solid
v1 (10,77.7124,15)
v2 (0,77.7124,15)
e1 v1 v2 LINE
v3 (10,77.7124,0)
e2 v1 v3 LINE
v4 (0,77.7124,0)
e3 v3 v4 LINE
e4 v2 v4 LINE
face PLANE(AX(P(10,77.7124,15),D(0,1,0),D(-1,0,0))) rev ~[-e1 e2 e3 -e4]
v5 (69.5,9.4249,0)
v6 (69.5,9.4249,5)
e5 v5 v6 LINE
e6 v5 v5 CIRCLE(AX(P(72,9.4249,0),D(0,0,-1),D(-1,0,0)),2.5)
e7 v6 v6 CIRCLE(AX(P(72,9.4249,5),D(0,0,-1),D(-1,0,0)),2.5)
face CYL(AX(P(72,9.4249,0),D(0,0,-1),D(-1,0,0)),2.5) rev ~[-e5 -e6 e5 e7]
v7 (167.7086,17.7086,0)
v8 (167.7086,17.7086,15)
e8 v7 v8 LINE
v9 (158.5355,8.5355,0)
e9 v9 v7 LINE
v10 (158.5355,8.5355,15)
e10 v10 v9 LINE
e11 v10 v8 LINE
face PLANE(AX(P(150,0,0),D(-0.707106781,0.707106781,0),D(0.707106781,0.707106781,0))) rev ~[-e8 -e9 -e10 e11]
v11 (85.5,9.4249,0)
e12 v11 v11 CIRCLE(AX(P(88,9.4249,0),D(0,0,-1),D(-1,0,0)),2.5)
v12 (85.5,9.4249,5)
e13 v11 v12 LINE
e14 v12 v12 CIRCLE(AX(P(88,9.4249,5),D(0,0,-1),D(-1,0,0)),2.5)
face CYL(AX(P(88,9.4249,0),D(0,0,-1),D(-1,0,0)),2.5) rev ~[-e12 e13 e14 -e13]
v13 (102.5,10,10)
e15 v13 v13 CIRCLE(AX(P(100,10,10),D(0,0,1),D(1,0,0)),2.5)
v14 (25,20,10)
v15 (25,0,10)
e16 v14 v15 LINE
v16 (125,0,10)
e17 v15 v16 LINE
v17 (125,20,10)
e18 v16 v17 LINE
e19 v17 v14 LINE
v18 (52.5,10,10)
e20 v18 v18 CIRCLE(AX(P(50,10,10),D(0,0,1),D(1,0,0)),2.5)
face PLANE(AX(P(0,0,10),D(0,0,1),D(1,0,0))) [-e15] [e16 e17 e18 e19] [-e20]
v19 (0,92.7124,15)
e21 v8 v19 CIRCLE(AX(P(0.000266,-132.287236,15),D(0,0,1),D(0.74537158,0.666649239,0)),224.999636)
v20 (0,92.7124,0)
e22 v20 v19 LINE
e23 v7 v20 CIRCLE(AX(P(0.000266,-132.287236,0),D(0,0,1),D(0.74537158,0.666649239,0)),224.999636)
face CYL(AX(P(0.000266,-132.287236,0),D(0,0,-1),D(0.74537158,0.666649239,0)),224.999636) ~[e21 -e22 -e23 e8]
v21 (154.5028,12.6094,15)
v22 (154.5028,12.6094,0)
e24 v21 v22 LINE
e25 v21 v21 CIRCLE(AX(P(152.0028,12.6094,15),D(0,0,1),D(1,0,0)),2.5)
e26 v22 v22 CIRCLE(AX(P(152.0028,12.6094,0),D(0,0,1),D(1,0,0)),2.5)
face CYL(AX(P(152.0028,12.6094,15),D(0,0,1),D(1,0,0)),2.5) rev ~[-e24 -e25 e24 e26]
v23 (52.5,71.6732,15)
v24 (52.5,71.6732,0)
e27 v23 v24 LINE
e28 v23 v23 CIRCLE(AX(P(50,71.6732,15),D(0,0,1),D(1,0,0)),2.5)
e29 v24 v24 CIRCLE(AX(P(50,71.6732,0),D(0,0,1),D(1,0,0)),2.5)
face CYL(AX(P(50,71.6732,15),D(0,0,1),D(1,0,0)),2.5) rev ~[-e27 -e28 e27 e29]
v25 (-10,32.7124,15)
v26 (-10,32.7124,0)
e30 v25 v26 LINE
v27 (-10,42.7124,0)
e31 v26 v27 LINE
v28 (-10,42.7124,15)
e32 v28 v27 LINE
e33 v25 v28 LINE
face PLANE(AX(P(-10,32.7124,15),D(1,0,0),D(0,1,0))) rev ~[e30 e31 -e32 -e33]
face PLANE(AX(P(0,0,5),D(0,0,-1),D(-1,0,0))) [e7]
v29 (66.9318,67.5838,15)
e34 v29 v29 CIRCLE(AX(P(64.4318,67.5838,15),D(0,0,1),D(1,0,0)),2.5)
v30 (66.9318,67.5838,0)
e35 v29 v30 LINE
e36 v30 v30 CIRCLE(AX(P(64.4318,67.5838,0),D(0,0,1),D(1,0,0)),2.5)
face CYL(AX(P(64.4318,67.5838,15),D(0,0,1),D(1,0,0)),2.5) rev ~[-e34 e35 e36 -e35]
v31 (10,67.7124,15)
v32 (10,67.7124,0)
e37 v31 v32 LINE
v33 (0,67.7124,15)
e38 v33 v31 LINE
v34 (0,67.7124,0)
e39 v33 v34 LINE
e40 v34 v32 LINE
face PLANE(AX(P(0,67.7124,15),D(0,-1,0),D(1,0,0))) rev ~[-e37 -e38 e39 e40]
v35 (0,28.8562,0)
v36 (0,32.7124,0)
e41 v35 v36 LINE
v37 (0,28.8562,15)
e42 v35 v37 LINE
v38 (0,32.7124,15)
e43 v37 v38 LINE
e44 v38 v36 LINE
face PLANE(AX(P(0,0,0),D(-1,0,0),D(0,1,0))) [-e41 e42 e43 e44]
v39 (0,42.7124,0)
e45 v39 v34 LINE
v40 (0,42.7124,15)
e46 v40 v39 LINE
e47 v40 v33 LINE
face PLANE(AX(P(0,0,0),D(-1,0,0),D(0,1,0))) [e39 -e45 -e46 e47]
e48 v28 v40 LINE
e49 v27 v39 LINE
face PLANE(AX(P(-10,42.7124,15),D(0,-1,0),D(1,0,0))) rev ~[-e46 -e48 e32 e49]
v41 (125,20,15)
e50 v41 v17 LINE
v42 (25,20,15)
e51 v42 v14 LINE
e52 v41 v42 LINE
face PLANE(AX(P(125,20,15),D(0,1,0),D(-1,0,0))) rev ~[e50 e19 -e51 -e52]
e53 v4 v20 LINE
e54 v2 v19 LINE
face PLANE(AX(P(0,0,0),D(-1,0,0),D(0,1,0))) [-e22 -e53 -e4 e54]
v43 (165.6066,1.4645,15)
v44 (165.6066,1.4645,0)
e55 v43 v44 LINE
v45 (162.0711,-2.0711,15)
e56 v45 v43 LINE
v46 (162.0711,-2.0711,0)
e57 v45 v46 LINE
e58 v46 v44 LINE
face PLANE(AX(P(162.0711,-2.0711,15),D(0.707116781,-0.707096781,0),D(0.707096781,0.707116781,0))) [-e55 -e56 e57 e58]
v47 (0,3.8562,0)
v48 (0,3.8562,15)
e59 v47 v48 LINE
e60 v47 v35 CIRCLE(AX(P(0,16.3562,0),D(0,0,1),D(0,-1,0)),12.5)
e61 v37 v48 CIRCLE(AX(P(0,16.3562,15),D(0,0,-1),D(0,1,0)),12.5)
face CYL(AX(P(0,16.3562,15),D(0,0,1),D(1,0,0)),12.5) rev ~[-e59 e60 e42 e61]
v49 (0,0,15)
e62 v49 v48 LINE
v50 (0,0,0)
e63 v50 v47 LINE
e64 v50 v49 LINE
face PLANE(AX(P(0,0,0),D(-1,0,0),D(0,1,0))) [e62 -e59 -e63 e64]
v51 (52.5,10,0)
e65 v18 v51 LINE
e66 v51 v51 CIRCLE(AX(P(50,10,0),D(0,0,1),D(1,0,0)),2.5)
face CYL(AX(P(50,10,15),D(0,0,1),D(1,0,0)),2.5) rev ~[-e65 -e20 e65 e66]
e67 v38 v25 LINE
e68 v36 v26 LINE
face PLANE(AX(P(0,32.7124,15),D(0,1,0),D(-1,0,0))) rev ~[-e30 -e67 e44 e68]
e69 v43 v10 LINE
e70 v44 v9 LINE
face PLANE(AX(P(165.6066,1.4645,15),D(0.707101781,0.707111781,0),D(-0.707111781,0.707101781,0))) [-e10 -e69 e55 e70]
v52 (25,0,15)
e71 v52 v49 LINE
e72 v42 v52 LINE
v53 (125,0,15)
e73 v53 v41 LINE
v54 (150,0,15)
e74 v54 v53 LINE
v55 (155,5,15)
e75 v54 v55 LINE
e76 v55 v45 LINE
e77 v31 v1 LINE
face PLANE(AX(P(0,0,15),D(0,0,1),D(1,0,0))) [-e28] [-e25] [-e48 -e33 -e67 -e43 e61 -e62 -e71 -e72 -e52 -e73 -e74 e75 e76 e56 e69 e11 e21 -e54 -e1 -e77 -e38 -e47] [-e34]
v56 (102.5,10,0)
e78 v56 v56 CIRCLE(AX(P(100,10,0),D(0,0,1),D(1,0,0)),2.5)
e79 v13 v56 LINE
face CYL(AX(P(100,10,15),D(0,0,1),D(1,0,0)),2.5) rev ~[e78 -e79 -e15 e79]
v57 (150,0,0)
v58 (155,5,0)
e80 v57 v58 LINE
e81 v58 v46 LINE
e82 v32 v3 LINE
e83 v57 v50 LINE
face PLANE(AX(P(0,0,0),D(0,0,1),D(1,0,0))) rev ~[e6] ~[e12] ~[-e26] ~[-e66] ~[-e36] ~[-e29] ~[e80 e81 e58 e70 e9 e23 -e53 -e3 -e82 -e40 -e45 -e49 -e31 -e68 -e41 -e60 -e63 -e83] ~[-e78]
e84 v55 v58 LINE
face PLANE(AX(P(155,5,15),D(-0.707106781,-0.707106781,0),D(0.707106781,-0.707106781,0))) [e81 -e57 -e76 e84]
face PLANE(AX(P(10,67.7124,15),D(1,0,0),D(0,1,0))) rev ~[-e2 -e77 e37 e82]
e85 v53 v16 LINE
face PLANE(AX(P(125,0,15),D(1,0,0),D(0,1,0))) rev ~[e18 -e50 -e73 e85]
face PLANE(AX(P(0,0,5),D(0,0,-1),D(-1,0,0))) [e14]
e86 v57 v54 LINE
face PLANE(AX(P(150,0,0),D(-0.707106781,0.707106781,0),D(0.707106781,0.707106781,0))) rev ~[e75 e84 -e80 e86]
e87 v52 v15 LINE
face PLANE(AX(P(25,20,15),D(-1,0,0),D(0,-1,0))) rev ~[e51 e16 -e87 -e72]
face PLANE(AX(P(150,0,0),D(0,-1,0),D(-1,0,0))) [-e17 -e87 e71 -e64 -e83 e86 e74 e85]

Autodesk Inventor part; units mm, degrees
ref_plane "YZ Plane" through (0, 0, 0) normal (1, 0, 0) x (0, 1, 0)
ref_plane "XZ Plane" through (0, 0, 0) normal (0, 1, 0) x (-1, 0, 0)
ref_plane "XY Plane" through (0, 0, 0) normal (0, 0, 1) x (1, 0, 0)
sketch "Sketch1" plane through (0, 0, 0) normal (0, 0, 1) x (1, 0, 0)
  circle A0 centre (0, -132.2876) radius 225 construction
  circle A1 centre (0, -132.2876) radius 200 construction
  line L0 (-225, -132.2876) -> (225, -132.2876) construction
  line L1 (150, -132.2876) -> (150, 35.4175) construction
  line L2 (175, -132.2876) -> (175, 9.1338) construction
  line L3 (0, 92.7124) -> (0, -357.2876) construction
  line L4 (150, 0) -> (0, 0)
  line L5 (0, 0) -> (0, 92.7124)
  line L6 (150, 0) -> (167.7086, 17.7086)
  line L7 (150, 0) -> (175.0437, 0) construction
  arc A2 (167.7086, 17.7086) -> (0, 92.7124) centre (0, -132.2876) ccw
  dimension "d0" = 450
  dimension "d1" = 25
  dimension "d2" = 75
  dimension "d3" = 25
  dimension "d4" = 45
extrude "Extrusion1" add sketch "Sketch1" along normal blind 15
sketch "Sketch2" plane through (0, 0, 15) normal (0, 0, 1) x (1, 0, 0)
  line L0 (10, 77.7124) -> (0, 77.7124)
  line L1 (0, 77.7124) -> (0, 67.7124)
  line L2 (0, 67.7124) -> (10, 67.7124)
  line L3 (10, 67.7124) -> (10, 77.7124)
  line L4 (0, 92.7124) -> (0, 0) projected
  line L5 (0, 0) -> (150, 0) projected
  line L6 (150, 0) -> (167.7086, 17.7086) projected
  arc A0 (167.7086, 17.7086) -> (0, 92.7124) centre (0, -132.2876) ccw projected
  line L7 (0, 92.7124) -> (0, 0) projected
  dimension "d7" = 10
  dimension "d8" = 10
  dimension "d21" = 15
extrude "Extrusion2" cut sketch "Sketch2" against normal blind 15 contours L3 L2 L1 L0
sketch "Sketch3" plane through (0, 0, 15) normal (0, 0, 1) x (1, 0, 0)
  line L0 (-10, 42.7124) -> (0, 42.7124)
  line L1 (0, 42.7124) -> (0, 32.7124)
  line L2 (0, 32.7124) -> (-10, 32.7124)
  line L3 (-10, 32.7124) -> (-10, 42.7124)
  line L4 (0, 0) -> (150, 0) projected
  line L5 (150, 0) -> (167.7086, 17.7086) projected
  arc A0 (167.7086, 17.7086) -> (0, 92.7124) centre (0, -132.2876) ccw projected
  line L6 (0, 67.7124) -> (0, 0) projected
  line L7 (0, 67.7124) -> (0, 0) projected
  line L8 (10, 67.7124) -> (0, 67.7124) projected
  line L9 (0, 92.7124) -> (0, 77.7124) projected
  line L10 (0, 77.7124) -> (10, 77.7124) projected
  line L11 (10, 77.7124) -> (10, 67.7124) projected
  dimension "d15" = 10
  dimension "d16" = 10
  dimension "d20" = 25
extrude "Extrusion3" add sketch "Sketch3" against normal blind 15 contours L0 L1 L2 L3
sketch "Sketch4" plane through (0, 0, 15) normal (0, 0, 1) x (1, 0, 0)
  line L0 (155, 5) -> (162.0711, -2.0711)
  line L1 (162.0711, -2.0711) -> (165.6066, 1.4645)
  line L2 (165.6066, 1.4645) -> (158.5355, 8.5355)
  line L3 (158.5355, 8.5355) -> (155, 5)
  line L4 (10, 67.7124) -> (0, 67.7124) projected
  line L5 (0, 67.7124) -> (0, 42.7124) projected
  line L6 (-10, 42.7124) -> (0, 42.7124) projected
  line L7 (-10, 32.7124) -> (-10, 42.7124) projected
  line L8 (0, 32.7124) -> (-10, 32.7124) projected
  line L9 (0, 32.7124) -> (0, 0) projected
  line L10 (0, 0) -> (150, 0) projected
  line L11 (150, 0) -> (167.7086, 17.7086) projected
  arc A0 (167.7086, 17.7086) -> (0, 92.7124) centre (0, -132.2876) ccw projected
  line L12 (0, 92.7124) -> (0, 77.7124) projected
  line L13 (0, 77.7124) -> (10, 77.7124) projected
  line L14 (10, 77.7124) -> (10, 67.7124) projected
  line L15 (150, 0) -> (167.7086, 17.7086) projected
  dimension "d22" = 10
  dimension "d23" = 5
  dimension "d24" = 5
extrude "Extrusion4" add sketch "Sketch4" against normal blind 15 contours L3 L2 L1 L0
sketch "Sketch5" plane through (0, 0, 15) normal (0, 0, 1) x (1, 0, 0)
  line L0 (10, 67.7124) -> (0, 67.7124) construction
  line L1 (0, 67.7124) -> (0, 42.7124) construction
  line L2 (-10, 42.7124) -> (0, 42.7124) construction
  line L3 (-10, 32.7124) -> (-10, 42.7124) construction
  line L4 (0, 32.7124) -> (-10, 32.7124) construction
  line L5 (0, 32.7124) -> (0, 0) construction
  line L6 (0, 0) -> (150, 0) construction
  line L7 (150, 0) -> (155, 5) construction
  line L8 (155, 5) -> (162.0711, -2.0711) construction
  line L9 (162.0711, -2.0711) -> (165.6066, 1.4645) construction
  line L10 (165.6066, 1.4645) -> (158.5355, 8.5355) construction
  line L11 (158.5355, 8.5355) -> (167.7086, 17.7086) construction
  arc A0 (167.7086, 17.7086) -> (0, 92.7124) centre (0, -132.2876) ccw construction
  line L12 (0, 92.7124) -> (0, 77.7124) construction
  line L13 (0, 77.7124) -> (10, 77.7124) construction
  line L14 (10, 77.7124) -> (10, 67.7124) construction
  circle A1 centre (0, -132.2876) radius 225 construction
  arc A2 (167.7086, 17.7086) -> (0, 92.7124) centre (0, -132.2876) ccw construction
  circle A3 centre (0, -132.2876) radius 210 construction
  circle A4 centre (50, 71.6732) radius 2.5
  circle A5 centre (64.4318, 67.5838) radius 2.5
  circle A6 centre (152.0028, 12.6094) radius 2.5
  dimension "d27" = 450
  dimension "d28" = 15
  dimension "d31" = 5
  dimension "d32" = 5
  dimension "d33" = 15
  dimension "d34" = 50
  dimension "d46" = 5
  dimension "d49" = 7.5
extrude "Extrusion5" cut sketch "Sketch5" against normal through all
thread "Thread1" size "M5x0.8" class "6H" standard "ANSI Metric M Profile" full length
thread "Thread2" size "M5x0.8" class "6H" standard "ANSI Metric M Profile" full length
thread "Thread4" size "M5x0.8" class "6H" standard "ANSI Metric M Profile" full length
sketch "Sketch7" plane through (0, 0, 15) normal (0, 0, 1) x (1, 0, 0)
  line L0 (0, 0) -> (150, 0) construction
  line L1 (25, 0) -> (125, 0) construction
  line L2 (125, 0) -> (125, 20) construction
  line L3 (125, 20) -> (25, 20) construction
  line L4 (25, 20) -> (25, 0) construction
  circle A0 centre (50, 10) radius 2.5
  circle A1 centre (100, 10) radius 2.5
  dimension "d52" = 100
  dimension "d53" = 20
  dimension "d54" = 25
  dimension "d55" = 5
  dimension "d56" = 5
  dimension "d57" = 25
  dimension "d58" = 25
extrude "Extrusion6" cut sketch "Sketch7" against normal through all
thread "Thread5" size "M5x0.8" class "6H" standard "ANSI Metric M Profile" full length
thread "Thread6" size "M5x0.8" class "6H" standard "ANSI Metric M Profile" full length
sketch "Sketch8" plane through (0, 0, 15) normal (0, 0, 1) x (1, 0, 0)
  line L0 (0, 0) -> (150, 0) projected
  line L1 (25, 0) -> (125, 0)
  line L2 (125, 0) -> (125, 20)
  line L3 (125, 20) -> (25, 20)
  line L4 (25, 20) -> (25, 0)
  line L5 (0, 32.7124) -> (0, 0) projected
  dimension "d67" = 100
  dimension "d68" = 20
  dimension "d69" = 25
extrude "Extrusion7" cut sketch "Sketch8" against normal blind 5
sketch "Sketch9" plane through (0, 0, 15) normal (0, 0, 1) x (1, 0, 0)
  line L0 (0, 32.7124) -> (0, 0) projected
  circle A0 centre (0, 16.3562) radius 12.5
  dimension "d72" = 25
extrude "Extrusion8" cut sketch "Sketch9" against normal through all
sketch "Sketch10" plane through (0, 0, 0) normal (0, 0, -1) x (-1, 0, 0)
  circle A0 centre (-72, 9.4249) radius 2.5
  circle A1 centre (-88, 9.4249) radius 2.5
  point P0 (0, 0)
  dimension "d75" = 5
  dimension "d76" = 5
  dimension "d77" = 16
  dimension "d79" = 88
  dimension "d80" = 9.4249
extrude "Extrusion9" cut sketch "Sketch10" against normal blind 5
thread "Thread8" size "M5x0.8" class "6H" standard "ANSI Metric M Profile" full length
thread "Thread9" size "M5x0.8" class "6H" standard "ANSI Metric M Profile" full length
equation "\"d35\" = d46"
properties part number "CP006" material "ABS Plastic"
